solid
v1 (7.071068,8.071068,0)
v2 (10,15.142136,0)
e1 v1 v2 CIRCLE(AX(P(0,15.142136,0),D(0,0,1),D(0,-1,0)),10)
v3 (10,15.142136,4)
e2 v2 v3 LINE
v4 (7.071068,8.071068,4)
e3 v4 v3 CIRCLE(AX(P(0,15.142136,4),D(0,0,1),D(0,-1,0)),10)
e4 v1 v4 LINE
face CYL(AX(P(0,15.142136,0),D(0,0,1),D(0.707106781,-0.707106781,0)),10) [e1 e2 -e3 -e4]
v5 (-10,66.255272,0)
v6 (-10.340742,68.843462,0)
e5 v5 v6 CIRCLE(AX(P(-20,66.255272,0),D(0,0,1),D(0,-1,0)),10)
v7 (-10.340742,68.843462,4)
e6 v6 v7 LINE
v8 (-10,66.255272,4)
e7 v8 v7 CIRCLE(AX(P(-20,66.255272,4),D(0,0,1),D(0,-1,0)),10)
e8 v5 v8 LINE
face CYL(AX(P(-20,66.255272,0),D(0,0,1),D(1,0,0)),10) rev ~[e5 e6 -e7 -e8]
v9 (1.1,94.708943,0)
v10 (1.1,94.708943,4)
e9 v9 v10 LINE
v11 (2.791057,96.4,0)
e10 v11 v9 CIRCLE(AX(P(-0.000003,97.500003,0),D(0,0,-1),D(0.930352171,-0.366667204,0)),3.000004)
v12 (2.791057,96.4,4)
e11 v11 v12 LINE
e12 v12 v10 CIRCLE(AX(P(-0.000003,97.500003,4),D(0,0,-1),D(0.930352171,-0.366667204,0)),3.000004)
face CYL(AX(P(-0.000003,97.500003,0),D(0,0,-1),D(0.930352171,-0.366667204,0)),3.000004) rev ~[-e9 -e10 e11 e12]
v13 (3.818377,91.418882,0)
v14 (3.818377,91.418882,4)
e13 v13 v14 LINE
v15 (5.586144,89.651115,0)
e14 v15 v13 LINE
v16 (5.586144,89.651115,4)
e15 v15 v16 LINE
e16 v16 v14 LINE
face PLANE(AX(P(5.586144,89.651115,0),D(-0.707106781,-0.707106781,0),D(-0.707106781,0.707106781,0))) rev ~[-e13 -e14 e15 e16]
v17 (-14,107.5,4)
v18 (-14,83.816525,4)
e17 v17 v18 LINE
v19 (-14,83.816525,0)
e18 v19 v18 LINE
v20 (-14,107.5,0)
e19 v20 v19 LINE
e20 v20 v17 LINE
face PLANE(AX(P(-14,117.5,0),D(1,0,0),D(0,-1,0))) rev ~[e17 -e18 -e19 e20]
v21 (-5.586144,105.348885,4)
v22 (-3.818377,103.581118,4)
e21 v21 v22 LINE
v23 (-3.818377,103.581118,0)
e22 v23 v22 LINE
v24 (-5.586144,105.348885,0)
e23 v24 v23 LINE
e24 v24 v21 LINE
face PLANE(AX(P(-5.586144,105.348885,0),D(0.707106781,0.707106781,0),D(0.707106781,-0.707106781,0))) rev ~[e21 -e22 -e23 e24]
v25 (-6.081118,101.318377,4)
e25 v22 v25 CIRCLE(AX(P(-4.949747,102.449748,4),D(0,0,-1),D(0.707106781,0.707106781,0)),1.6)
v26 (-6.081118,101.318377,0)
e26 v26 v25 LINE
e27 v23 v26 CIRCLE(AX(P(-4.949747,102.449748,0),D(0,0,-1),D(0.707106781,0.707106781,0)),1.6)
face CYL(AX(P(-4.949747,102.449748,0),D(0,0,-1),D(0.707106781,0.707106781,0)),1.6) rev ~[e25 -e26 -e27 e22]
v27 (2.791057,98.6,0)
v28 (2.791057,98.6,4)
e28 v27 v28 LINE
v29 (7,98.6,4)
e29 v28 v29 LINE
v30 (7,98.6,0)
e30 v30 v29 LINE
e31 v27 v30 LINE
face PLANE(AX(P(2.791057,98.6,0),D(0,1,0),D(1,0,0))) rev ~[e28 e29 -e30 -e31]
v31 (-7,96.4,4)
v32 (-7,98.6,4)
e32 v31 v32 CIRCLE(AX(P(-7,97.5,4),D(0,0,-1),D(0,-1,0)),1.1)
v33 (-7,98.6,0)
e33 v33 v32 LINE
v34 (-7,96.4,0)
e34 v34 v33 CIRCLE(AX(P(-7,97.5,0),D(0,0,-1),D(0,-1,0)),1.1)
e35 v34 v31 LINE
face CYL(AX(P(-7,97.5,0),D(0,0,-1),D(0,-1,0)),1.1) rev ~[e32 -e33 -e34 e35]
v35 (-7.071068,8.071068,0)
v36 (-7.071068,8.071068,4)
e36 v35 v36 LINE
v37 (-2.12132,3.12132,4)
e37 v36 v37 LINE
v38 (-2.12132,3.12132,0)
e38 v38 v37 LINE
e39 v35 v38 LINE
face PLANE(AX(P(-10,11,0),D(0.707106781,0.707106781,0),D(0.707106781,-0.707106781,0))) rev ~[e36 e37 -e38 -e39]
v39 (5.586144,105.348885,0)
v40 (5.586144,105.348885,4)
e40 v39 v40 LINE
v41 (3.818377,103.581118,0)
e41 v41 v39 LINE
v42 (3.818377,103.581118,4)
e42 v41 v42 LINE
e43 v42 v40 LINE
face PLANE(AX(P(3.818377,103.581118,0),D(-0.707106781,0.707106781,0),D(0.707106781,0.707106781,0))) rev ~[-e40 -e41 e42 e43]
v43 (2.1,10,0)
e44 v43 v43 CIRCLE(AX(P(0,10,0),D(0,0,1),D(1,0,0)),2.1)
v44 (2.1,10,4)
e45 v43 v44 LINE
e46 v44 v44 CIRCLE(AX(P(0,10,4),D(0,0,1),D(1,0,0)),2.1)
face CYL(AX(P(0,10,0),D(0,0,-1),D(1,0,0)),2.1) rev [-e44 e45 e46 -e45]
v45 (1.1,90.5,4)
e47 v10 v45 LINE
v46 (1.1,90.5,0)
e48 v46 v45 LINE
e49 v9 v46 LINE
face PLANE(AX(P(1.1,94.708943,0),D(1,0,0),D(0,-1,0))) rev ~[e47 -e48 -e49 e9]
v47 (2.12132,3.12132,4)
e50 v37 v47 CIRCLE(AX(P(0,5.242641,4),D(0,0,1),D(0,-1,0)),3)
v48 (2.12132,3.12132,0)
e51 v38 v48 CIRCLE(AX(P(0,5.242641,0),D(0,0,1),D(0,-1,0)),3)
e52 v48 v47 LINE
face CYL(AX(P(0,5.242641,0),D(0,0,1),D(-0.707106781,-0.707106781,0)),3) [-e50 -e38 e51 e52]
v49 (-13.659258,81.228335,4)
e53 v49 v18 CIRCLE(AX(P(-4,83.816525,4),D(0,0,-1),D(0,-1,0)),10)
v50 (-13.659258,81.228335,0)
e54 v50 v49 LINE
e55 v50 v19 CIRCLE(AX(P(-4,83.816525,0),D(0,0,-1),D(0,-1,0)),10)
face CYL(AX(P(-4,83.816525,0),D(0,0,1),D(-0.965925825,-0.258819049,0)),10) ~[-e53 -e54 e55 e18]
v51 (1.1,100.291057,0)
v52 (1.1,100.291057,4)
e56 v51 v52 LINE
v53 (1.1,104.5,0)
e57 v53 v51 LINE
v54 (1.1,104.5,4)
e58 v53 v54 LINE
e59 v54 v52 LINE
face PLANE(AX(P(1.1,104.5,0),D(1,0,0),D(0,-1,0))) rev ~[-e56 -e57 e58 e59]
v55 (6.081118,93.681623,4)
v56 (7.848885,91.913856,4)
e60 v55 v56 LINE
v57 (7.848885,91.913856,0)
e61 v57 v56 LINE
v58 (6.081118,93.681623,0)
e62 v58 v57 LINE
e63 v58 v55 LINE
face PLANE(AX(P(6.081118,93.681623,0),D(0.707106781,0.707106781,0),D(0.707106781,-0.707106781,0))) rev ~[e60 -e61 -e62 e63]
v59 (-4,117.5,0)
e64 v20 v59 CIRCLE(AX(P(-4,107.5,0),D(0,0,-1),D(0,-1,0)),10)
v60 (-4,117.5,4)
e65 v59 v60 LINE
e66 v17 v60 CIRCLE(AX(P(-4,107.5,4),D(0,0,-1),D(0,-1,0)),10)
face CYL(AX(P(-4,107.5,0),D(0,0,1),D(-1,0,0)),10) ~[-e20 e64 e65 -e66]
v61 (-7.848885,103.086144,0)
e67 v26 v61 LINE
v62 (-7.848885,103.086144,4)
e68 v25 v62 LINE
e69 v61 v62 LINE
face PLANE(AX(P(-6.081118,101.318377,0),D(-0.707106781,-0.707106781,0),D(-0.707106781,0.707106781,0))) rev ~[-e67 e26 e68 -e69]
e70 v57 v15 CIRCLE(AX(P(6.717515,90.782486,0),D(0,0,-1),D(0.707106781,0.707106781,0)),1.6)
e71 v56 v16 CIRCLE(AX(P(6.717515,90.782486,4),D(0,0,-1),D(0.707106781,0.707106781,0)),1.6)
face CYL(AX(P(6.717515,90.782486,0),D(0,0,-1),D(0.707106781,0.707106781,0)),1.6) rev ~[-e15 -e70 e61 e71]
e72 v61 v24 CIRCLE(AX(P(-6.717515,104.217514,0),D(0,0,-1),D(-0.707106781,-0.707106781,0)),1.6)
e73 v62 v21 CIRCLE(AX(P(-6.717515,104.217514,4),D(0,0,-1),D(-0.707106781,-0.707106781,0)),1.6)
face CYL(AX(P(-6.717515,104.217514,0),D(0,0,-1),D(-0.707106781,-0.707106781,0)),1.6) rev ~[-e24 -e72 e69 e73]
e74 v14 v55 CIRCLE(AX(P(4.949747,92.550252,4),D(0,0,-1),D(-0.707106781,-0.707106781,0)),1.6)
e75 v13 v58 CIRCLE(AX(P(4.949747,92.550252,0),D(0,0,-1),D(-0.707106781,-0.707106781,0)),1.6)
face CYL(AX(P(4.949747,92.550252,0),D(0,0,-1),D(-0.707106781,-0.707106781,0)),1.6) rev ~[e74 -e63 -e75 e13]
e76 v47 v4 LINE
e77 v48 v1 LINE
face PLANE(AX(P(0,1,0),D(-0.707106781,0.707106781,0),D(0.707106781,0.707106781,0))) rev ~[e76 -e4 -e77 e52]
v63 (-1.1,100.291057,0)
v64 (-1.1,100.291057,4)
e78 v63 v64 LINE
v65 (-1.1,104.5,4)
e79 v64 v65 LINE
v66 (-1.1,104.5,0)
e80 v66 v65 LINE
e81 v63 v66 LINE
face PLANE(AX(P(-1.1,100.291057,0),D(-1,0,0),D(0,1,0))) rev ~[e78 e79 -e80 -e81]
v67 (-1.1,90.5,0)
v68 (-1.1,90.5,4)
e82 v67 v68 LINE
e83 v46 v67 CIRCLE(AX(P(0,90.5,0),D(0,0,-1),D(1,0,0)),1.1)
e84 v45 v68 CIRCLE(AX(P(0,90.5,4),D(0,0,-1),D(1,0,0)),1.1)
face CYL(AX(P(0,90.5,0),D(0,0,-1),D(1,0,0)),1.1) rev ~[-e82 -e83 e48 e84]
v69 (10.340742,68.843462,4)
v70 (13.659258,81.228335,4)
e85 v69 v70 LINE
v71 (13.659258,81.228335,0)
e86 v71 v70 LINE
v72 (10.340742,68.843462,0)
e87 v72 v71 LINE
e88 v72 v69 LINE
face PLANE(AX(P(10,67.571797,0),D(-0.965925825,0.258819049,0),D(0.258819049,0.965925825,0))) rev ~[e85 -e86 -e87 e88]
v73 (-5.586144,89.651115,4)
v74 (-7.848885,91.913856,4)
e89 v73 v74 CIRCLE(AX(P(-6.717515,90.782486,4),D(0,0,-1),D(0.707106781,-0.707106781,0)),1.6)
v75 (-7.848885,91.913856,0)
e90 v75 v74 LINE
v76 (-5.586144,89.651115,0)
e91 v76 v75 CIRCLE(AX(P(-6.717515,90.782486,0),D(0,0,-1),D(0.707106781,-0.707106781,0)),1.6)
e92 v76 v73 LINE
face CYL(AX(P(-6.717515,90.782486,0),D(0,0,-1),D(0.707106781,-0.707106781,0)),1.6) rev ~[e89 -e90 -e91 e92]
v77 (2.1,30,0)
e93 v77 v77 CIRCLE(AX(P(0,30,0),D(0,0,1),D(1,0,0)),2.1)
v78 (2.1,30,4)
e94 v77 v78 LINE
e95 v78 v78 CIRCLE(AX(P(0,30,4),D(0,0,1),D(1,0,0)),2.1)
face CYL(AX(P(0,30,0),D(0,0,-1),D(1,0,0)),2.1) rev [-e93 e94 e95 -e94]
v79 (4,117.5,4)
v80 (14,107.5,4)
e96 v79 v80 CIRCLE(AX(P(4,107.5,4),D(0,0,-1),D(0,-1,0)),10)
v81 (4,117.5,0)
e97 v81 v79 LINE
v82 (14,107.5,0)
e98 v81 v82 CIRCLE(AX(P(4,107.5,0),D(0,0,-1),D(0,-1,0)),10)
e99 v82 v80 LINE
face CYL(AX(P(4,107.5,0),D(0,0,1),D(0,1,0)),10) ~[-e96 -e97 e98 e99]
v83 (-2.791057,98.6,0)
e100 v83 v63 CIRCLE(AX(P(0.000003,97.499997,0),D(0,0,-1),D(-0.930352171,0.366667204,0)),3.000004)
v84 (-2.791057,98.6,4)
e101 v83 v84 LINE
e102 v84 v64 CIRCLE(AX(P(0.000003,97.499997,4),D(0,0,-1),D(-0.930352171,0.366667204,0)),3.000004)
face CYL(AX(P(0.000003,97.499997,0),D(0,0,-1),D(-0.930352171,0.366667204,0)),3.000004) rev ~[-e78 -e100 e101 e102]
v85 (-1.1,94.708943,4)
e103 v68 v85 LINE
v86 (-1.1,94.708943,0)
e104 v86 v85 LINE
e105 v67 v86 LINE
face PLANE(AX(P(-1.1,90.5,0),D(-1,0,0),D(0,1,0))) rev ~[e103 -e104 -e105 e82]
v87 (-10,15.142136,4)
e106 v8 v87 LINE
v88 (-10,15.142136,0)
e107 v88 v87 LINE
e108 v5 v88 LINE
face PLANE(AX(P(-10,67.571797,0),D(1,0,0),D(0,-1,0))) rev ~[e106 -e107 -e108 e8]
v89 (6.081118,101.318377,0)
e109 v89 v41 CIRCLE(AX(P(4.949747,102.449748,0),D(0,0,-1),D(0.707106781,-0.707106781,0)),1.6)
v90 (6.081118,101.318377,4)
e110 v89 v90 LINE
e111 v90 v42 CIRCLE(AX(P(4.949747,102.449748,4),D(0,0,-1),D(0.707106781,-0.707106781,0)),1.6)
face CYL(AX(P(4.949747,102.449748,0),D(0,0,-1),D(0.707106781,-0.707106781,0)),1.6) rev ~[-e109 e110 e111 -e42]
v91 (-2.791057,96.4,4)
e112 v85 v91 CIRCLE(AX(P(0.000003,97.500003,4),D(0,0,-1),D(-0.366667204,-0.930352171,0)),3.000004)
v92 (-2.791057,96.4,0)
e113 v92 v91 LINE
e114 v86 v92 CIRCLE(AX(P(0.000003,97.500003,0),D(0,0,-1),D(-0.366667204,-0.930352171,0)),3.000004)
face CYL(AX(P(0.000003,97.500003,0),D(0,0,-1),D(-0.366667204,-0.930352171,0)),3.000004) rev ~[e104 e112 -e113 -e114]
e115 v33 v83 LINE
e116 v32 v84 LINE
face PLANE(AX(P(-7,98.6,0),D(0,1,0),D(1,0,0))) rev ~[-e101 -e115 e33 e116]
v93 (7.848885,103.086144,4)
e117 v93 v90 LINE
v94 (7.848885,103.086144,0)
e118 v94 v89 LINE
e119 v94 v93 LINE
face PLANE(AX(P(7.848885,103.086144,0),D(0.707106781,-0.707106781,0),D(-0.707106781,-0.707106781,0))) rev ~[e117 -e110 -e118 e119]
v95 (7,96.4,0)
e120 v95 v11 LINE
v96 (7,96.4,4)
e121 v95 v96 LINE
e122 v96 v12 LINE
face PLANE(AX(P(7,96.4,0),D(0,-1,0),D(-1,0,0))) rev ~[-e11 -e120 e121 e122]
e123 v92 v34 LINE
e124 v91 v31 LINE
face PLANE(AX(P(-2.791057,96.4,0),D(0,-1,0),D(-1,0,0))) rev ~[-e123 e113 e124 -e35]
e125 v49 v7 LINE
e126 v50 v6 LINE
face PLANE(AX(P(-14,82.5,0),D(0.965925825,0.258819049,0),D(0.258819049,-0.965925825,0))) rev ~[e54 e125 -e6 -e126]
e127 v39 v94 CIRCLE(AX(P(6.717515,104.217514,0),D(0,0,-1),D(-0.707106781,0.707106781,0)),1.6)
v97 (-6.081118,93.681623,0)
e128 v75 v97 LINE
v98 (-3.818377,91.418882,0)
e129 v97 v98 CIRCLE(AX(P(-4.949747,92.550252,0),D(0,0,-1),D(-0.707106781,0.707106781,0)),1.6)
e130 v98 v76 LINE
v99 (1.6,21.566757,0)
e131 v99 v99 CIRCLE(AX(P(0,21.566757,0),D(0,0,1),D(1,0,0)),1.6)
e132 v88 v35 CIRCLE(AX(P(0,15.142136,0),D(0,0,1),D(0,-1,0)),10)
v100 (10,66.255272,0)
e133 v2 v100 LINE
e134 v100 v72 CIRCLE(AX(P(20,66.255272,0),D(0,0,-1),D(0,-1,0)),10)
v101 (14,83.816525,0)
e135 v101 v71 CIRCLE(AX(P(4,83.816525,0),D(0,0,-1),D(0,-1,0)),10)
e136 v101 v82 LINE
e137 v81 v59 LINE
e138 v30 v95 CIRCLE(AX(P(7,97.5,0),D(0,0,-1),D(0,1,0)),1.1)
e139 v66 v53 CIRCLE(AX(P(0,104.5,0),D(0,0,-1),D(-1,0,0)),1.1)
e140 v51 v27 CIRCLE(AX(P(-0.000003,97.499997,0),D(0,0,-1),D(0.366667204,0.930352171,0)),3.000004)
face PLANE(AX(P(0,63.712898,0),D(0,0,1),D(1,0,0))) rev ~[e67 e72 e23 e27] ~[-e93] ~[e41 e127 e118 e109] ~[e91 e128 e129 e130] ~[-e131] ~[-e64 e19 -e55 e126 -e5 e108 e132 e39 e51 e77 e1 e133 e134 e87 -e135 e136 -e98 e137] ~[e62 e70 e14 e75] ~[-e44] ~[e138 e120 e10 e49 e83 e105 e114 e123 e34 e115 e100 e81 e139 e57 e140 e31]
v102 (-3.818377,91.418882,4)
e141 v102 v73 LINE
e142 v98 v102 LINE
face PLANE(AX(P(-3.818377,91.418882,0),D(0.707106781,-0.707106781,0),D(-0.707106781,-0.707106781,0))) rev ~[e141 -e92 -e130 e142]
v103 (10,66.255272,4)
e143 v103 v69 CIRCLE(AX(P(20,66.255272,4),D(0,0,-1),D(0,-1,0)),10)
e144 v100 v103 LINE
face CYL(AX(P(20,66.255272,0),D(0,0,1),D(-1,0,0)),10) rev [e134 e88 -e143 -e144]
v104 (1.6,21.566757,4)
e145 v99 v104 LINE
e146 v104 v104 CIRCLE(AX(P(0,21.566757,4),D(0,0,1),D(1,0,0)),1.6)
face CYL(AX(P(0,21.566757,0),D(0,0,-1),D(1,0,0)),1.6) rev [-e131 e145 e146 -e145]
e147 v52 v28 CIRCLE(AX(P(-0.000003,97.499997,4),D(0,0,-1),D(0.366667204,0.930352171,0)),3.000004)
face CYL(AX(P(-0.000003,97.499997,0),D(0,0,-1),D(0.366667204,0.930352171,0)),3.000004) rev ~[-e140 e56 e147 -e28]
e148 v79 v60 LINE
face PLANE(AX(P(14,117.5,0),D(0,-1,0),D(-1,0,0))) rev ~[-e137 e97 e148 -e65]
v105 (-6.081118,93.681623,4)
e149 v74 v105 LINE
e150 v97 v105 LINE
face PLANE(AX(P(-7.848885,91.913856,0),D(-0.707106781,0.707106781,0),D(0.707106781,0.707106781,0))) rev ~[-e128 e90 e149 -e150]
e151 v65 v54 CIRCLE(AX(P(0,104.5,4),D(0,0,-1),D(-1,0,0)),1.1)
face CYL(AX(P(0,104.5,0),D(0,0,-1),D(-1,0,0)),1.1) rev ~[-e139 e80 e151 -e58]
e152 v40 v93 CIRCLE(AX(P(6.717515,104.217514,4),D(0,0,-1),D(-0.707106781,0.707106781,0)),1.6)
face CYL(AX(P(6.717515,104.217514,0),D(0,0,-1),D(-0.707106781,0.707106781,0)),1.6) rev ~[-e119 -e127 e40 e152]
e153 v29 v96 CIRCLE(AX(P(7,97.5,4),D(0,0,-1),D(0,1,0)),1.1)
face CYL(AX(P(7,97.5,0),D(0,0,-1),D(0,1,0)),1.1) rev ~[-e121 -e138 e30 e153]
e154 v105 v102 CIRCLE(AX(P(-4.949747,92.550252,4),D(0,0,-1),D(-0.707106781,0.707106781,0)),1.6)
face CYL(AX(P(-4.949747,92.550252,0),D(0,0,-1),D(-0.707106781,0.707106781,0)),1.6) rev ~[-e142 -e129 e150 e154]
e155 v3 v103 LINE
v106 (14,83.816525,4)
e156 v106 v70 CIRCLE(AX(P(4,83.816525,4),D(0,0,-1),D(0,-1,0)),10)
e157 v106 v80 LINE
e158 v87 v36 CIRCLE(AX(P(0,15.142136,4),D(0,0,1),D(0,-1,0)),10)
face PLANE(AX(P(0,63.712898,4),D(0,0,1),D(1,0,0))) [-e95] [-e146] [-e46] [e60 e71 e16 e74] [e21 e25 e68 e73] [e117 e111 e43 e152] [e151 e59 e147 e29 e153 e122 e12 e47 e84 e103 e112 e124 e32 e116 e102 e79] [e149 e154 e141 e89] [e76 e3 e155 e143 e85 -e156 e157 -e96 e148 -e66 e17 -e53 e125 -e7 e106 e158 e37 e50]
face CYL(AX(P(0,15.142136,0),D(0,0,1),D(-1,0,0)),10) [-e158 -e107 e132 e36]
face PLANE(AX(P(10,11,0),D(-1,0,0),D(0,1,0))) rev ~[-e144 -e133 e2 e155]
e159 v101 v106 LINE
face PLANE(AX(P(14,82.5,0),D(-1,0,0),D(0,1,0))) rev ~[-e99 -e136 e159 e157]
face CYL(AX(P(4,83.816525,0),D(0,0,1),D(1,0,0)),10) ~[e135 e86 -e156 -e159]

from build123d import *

# Parameters (mm, degrees)
F0_R     = 2.1
F0_R_2   = 1.6
F1_DEPTH = 4
F2_R     = 10
F3_R     = 3


with BuildPart() as f1:
    # F0 (on Top) → F1 (new body)
    with BuildSketch(Plane.XY):
        Polygon((-10, 67.571797), (-10, 11), (0, 1), (10, 11), (10, 67.571797), (14, 82.5), (14, 117.5), (-14, 117.5), (-14, 82.5), align=None)
        with Locations((0, 10)):
            Circle(F0_R, mode=Mode.SUBTRACT)
        with Locations((0, 21.566757)):
            Circle(F0_R_2, mode=Mode.SUBTRACT)
        with Locations((0, 30)):
            Circle(F0_R, mode=Mode.SUBTRACT)
        with BuildLine():
            ThreePointArc((-5.586144, 89.651115), (-7.848885, 89.651115), (-7.848885, 91.913856))
            Line((-7.848885, 91.913856), (-6.081118, 93.681623))
            ThreePointArc((-6.081118, 93.681623), (-3.818377, 93.681623), (-3.818377, 91.418882))
            Line((-3.818377, 91.418882), (-5.586144, 89.651115))
        make_face(mode=Mode.SUBTRACT)
        with BuildLine():
            ThreePointArc((-7.848885, 103.086144), (-7.848885, 105.348885), (-5.586144, 105.348885))
            Line((-5.586144, 105.348885), (-3.818377, 103.581118))
            ThreePointArc((-3.818377, 103.581118), (-3.818377, 101.318377), (-6.081118, 101.318377))
            Line((-6.081118, 101.318377), (-7.848885, 103.086144))
        make_face(mode=Mode.SUBTRACT)
        with BuildLine():
            ThreePointArc((1.1, 100.291057), (2.12132, 99.62132), (2.791057, 98.6))
            Line((2.791057, 98.6), (7, 98.6))
            ThreePointArc((7, 98.6), (8.1, 97.5), (7, 96.4))
            Line((7, 96.4), (2.791057, 96.4))
            ThreePointArc((2.791057, 96.4), (2.12132, 95.37868), (1.1, 94.708943))
            Line((1.1, 94.708943), (1.1, 90.5))
            ThreePointArc((1.1, 90.5), (0, 89.4), (-1.1, 90.5))
            Line((-1.1, 90.5), (-1.1, 94.708943))
            ThreePointArc((-1.1, 94.708943), (-2.12132, 95.37868), (-2.791057, 96.4))
            Line((-2.791057, 96.4), (-7, 96.4))
            ThreePointArc((-7, 96.4), (-8.1, 97.5), (-7, 98.6))
            Line((-7, 98.6), (-2.791057, 98.6))
            ThreePointArc((-2.791057, 98.6), (-2.12132, 99.62132), (-1.1, 100.291057))
            Line((-1.1, 100.291057), (-1.1, 104.5))
            ThreePointArc((-1.1, 104.5), (0, 105.6), (1.1, 104.5))
            Line((1.1, 104.5), (1.1, 100.291057))
        make_face(mode=Mode.SUBTRACT)
        with BuildLine():
            ThreePointArc((7.848885, 91.913856), (7.848885, 89.651115), (5.586144, 89.651115))
            Line((5.586144, 89.651115), (3.818377, 91.418882))
            ThreePointArc((3.818377, 91.418882), (3.818377, 93.681623), (6.081118, 93.681623))
            Line((6.081118, 93.681623), (7.848885, 91.913856))
        make_face(mode=Mode.SUBTRACT)
        with BuildLine():
            ThreePointArc((5.586144, 105.348885), (7.848885, 105.348885), (7.848885, 103.086144))
            Line((7.848885, 103.086144), (6.081118, 101.318377))
            ThreePointArc((6.081118, 101.318377), (3.818377, 101.318377), (3.818377, 103.581118))
            Line((3.818377, 103.581118), (5.586144, 105.348885))
        make_face(mode=Mode.SUBTRACT)
    extrude(amount=F1_DEPTH)

    # F2
    f2_edges = [f1.edges().sort_by_distance(p)[0] for p in [
        (-14, 82.5, 2),
        (-10, 67.571797, 2),
        (-10, 11, 2),
        (10, 11, 2),
        (10, 67.571797, 2),
        (14, 82.5, 2),
        (-14, 117.5, 2),
        (14, 117.5, 2),
    ]]
    fillet(f2_edges, radius=F2_R)

    # F3
    f3_edges = [f1.edges().sort_by_distance(p)[0] for p in [
        (0, 1, 2),
    ]]
    fillet(f3_edges, radius=F3_R)


solid = f1.part
